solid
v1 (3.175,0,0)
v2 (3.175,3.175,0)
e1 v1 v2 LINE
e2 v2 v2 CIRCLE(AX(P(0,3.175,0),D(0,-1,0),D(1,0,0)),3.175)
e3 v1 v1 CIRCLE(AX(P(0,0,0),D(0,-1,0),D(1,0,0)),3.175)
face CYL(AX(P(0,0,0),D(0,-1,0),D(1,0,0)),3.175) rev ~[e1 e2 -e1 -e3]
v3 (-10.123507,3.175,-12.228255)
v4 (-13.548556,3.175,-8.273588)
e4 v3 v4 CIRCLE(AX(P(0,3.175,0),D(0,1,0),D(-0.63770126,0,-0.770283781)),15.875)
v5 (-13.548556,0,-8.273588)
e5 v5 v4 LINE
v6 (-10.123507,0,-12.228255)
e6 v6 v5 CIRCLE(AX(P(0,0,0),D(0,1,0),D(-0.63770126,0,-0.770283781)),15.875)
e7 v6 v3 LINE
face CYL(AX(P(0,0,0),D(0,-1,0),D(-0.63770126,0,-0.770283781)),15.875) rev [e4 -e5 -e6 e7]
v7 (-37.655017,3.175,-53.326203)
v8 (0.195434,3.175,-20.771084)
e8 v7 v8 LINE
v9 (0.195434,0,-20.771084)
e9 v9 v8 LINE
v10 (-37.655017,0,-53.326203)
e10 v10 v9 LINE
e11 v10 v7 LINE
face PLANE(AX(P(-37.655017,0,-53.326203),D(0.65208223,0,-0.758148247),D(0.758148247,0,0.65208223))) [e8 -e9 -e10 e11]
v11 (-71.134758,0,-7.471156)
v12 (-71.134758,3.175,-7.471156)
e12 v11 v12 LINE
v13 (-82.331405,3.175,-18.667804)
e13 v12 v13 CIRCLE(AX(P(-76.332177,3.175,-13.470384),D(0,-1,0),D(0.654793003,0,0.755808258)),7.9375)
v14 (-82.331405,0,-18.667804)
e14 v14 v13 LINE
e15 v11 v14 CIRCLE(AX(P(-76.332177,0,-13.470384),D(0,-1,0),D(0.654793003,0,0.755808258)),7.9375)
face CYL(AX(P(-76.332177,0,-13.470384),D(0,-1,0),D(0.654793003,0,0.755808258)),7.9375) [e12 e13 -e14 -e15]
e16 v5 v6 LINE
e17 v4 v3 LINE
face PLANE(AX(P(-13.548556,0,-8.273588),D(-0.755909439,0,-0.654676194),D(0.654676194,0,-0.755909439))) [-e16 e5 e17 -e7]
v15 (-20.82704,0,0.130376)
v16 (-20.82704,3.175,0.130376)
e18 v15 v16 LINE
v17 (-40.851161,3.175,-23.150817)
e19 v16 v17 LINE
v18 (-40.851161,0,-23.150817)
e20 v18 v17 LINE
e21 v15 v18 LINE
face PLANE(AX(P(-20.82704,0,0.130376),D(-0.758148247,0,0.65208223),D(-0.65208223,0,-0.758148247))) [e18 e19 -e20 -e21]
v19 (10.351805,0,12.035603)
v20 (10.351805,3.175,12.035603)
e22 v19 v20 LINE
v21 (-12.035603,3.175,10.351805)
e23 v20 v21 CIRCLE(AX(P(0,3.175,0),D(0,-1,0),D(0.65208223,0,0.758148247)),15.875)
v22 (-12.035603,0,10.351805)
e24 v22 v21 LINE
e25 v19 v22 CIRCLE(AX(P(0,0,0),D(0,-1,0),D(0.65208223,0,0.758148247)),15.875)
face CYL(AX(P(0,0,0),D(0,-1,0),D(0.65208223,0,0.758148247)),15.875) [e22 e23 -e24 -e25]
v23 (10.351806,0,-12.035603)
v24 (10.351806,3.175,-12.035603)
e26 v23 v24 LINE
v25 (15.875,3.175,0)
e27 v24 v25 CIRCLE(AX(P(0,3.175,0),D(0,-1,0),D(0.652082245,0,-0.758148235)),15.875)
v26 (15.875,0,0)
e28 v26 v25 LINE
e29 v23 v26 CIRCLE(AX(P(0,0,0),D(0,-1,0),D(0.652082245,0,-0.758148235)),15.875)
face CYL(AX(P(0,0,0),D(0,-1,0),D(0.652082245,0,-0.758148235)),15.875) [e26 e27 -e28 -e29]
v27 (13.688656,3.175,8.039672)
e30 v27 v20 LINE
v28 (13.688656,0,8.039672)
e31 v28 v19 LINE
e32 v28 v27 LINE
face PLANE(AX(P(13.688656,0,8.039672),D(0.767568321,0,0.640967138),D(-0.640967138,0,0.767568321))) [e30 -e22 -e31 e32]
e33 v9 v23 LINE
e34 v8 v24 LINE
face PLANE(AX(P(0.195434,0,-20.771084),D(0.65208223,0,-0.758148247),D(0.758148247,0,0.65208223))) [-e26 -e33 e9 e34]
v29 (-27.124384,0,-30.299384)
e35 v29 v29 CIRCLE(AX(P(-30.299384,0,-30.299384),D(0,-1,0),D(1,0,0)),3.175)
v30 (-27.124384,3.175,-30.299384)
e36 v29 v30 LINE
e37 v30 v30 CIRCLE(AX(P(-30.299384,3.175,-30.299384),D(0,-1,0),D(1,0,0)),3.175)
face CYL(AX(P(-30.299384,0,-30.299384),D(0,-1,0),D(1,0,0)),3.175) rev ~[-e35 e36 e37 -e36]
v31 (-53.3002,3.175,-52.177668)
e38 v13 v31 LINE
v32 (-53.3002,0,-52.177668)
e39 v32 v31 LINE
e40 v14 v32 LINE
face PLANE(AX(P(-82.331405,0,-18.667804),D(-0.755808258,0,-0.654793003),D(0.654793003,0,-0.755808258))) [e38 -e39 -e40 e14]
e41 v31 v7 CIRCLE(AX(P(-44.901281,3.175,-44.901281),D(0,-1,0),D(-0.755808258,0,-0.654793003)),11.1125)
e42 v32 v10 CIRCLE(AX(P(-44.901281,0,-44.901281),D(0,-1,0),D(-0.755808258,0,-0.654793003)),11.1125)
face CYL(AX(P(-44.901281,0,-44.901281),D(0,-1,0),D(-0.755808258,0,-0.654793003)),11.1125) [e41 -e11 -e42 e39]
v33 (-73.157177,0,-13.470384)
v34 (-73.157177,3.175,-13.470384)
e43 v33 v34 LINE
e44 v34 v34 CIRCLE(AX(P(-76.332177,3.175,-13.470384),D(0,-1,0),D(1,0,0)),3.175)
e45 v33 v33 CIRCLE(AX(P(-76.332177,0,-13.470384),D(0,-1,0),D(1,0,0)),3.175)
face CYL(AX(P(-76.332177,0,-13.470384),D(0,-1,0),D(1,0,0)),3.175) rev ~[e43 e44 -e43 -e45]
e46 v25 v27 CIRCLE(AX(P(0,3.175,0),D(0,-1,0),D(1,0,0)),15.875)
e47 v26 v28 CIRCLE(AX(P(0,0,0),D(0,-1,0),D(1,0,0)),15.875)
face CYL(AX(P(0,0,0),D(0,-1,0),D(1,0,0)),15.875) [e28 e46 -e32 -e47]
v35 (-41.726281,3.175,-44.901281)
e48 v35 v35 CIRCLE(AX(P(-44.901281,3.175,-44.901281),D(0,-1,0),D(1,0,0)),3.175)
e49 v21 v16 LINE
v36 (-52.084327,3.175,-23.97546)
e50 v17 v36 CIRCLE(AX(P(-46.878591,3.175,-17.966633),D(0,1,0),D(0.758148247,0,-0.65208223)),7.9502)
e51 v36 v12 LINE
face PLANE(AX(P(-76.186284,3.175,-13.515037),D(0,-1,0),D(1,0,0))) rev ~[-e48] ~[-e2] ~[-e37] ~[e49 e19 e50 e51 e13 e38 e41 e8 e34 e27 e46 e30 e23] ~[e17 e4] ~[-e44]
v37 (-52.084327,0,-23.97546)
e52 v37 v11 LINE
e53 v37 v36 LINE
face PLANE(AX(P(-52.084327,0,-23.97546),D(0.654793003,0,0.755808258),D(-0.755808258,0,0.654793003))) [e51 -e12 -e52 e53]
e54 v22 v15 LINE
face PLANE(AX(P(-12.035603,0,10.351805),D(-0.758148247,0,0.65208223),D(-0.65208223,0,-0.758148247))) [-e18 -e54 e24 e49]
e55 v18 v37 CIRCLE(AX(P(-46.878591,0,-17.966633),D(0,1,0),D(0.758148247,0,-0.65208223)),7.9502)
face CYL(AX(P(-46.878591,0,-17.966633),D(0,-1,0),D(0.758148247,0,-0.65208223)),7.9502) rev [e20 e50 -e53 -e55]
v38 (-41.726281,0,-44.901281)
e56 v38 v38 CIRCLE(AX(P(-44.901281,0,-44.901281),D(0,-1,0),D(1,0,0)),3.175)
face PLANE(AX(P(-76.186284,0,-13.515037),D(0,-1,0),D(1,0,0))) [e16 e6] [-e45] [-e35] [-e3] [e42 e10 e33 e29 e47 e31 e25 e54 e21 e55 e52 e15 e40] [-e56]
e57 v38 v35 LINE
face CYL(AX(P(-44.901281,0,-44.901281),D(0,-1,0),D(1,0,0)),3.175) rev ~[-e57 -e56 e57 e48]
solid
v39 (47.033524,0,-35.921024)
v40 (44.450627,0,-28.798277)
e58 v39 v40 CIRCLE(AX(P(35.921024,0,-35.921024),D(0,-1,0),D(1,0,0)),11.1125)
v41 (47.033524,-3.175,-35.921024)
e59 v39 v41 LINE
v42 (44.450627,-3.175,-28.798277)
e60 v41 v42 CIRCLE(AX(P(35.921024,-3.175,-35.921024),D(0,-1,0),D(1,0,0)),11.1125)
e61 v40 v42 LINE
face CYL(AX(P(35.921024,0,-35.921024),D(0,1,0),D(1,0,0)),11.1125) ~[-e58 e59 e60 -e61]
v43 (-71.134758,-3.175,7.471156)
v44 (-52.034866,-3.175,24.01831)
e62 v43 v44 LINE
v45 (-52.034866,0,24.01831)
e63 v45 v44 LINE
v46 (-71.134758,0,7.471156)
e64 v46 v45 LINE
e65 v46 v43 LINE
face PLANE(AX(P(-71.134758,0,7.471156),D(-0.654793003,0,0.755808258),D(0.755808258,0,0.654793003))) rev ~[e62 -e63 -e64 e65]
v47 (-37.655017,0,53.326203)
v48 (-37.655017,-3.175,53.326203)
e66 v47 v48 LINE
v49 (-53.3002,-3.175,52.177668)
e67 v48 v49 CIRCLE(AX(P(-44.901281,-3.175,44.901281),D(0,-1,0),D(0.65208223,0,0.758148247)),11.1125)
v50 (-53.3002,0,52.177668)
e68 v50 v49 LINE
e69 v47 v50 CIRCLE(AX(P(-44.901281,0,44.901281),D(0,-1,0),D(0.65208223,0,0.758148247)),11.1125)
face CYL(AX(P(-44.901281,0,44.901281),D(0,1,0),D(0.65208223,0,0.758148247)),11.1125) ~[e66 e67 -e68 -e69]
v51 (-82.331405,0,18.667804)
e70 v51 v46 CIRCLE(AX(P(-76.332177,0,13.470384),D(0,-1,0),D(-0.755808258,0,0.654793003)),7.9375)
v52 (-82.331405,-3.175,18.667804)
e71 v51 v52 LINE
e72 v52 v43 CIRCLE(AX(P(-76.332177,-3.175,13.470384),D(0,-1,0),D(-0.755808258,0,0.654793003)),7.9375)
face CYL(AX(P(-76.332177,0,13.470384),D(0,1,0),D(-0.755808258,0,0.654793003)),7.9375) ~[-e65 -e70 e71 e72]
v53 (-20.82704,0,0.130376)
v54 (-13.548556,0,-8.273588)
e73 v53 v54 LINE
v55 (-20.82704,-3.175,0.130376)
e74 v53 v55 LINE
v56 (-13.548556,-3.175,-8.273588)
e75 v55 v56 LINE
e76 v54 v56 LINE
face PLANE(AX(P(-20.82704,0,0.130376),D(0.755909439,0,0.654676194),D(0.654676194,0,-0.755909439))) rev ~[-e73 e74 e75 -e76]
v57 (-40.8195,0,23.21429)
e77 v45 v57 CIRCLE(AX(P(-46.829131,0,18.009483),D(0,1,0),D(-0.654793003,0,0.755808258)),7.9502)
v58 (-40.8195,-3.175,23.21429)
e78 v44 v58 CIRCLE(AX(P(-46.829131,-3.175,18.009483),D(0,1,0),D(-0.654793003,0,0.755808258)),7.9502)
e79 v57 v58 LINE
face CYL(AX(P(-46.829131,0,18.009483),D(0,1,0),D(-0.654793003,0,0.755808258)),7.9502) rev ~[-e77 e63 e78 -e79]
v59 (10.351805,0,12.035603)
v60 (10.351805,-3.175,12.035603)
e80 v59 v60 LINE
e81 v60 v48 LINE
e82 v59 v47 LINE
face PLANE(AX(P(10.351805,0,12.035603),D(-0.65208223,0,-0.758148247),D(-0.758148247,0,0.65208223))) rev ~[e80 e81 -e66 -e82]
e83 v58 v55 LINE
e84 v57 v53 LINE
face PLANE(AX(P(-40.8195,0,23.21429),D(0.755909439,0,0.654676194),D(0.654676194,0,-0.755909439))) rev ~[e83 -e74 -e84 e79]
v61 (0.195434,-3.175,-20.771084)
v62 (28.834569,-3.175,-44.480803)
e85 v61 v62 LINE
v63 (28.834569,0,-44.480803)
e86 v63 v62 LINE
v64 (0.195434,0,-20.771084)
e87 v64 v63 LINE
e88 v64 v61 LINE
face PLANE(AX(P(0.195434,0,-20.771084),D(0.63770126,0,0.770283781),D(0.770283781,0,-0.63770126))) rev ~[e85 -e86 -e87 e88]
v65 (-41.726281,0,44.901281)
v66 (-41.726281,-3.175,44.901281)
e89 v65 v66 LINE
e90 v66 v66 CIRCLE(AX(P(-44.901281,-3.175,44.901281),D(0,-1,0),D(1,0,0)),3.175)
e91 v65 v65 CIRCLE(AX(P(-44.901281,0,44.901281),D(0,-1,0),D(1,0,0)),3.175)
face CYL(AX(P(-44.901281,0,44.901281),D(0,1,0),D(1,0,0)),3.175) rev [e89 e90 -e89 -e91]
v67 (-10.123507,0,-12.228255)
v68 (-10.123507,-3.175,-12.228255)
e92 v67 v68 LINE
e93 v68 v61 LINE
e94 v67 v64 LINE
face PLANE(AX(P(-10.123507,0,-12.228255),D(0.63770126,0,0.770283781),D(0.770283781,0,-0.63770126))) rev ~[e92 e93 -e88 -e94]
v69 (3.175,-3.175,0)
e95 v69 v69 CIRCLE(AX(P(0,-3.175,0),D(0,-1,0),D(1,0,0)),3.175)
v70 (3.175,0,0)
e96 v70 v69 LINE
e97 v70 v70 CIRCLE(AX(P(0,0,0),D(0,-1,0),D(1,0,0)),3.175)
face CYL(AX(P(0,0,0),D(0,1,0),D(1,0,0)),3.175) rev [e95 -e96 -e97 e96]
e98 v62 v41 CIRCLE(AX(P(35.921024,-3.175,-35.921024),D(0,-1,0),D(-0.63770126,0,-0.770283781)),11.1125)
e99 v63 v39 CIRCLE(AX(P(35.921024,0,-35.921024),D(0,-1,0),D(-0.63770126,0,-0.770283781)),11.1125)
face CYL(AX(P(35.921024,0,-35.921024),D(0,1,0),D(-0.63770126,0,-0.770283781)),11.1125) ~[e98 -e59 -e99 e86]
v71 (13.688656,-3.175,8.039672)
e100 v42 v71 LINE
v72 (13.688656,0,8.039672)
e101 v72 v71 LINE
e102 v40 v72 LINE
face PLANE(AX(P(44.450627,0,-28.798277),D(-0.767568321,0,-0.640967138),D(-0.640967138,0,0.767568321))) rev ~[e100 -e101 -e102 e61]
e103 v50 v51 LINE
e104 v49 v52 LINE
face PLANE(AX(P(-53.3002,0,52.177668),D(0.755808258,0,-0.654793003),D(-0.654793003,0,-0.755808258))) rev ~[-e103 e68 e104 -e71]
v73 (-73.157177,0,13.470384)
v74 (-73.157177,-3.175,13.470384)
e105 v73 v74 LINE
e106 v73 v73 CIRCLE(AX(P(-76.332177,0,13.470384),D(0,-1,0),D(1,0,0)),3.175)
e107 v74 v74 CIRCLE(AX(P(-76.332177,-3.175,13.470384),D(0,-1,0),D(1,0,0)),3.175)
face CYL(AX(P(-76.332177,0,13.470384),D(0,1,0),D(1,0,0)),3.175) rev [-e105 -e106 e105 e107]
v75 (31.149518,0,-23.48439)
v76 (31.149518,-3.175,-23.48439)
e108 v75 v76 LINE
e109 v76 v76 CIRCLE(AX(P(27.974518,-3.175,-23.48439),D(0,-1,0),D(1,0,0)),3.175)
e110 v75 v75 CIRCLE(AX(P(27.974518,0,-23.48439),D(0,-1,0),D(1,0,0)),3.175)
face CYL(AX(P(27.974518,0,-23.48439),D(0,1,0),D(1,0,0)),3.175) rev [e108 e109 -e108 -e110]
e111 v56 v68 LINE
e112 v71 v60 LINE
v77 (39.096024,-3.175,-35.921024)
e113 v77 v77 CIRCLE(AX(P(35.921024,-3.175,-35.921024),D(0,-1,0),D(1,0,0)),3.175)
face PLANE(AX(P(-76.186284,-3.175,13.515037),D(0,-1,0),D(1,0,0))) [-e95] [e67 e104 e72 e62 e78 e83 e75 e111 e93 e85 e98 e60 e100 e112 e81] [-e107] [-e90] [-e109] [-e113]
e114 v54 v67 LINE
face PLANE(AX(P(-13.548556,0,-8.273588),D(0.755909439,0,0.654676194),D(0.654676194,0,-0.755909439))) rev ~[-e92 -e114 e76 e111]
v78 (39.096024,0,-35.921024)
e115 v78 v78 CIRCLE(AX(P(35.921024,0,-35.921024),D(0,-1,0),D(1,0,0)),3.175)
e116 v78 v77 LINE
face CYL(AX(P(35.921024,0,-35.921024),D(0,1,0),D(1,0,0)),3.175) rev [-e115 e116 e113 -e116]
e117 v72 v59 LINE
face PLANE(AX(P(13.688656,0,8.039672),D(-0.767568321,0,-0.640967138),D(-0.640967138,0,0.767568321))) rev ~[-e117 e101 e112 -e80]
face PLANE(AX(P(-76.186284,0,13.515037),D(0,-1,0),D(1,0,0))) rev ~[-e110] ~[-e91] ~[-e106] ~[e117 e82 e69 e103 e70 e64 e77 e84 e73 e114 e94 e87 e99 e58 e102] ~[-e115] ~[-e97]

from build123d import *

# Parameters (mm, degrees)
F0_R     = 3.175
F0_R_2   = 3.9751
F1_DEPTH = 3.175
F2_DEPTH = 3.175


with BuildPart() as f1:
    # F0 (on Front) → F1 (new body)
    with BuildSketch(Plane.XZ):
        with BuildLine():
            ThreePointArc((-71.1347575644, 7.4711561347), (-69.1121208226, 10.1727039932), (-68.3946770291, 13.4703841816))
            ThreePointArc((-68.3946770291, 13.4703841816), (-73.5586383483, 20.9075469092), (-82.331405076, 18.6678036462))
            ThreePointArc((-82.331405076, 18.6678036462), (-81.9448371048, 7.8577241059), (-71.1347575644, 7.4711561347))
        make_face()
        with Locations((-76.3321770291, 13.4703841816)):
            Circle(F0_R, mode=Mode.SUBTRACT)
        with BuildLine():
            ThreePointArc((-82.331405076, 18.6678036462), (-73.5586383483, 20.9075469092), (-68.3946770291, 13.4703841816))
            ThreePointArc((-68.3946770291, 13.4703841816), (-69.1121208226, 10.1727039932), (-71.1347575644, 7.4711561347))
            Line((-71.1347575644, 7.4711561347), (-52.0348661511, 24.0183096399))
            ThreePointArc((-52.0348661511, 24.0183096399), (-46.2606466528, 25.9393318681), (-40.8194995905, 23.2142895086))
            Line((-40.8194995905, 23.2142895086), (-20.8270403475, 0.1303759834))
            Line((-20.8270403475, 0.1303759834), (-12.0356034841, 10.3518053389))
            ThreePointArc((-12.0356034841, 10.3518053389), (-1.1906250433, 15.8302885952), (10.3518054047, 12.0356034274))
            Line((10.3518054047, 12.0356034274), (-37.655016822, 53.3262030046))
            ThreePointArc((-37.655016822, 53.3262030046), (-34.8014845049, 49.5361241819), (-33.7887806053, 44.9012806053))
            ThreePointArc((-33.7887806053, 44.9012806053), (-48.7842347585, 34.4892527868), (-53.300199871, 52.1776678558))
            Line((-53.300199871, 52.1776678558), (-82.331405076, 18.6678036462))
        make_face()
        with BuildLine():
            ThreePointArc((-37.655016822, 53.3262030046), (-45.7148756595, 55.9839571475), (-53.300199871, 52.1776678558))
            ThreePointArc((-53.300199871, 52.1776678558), (-48.7842347585, 34.4892527868), (-33.7887806053, 44.9012806053))
            ThreePointArc((-33.7887806053, 44.9012806053), (-34.8014845049, 49.5361241819), (-37.655016822, 53.3262030046))
        make_face()
        with Locations((-44.9012806053, 44.9012806053)):
            Circle(F0_R, mode=Mode.SUBTRACT)
        with BuildLine():
            Line((13.6886557503, 8.0396721793), (10.3518054047, 12.0356034274))
            ThreePointArc((10.3518054047, 12.0356034274), (-1.1906250433, 15.8302885952), (-12.0356034841, 10.3518053389))
            ThreePointArc((-12.0356034841, 10.3518053389), (-15.8228828455, 1.2853028661), (-13.5485560441, -8.2735877417))
            Line((-13.5485560441, -8.2735877417), (-10.1235074968, -12.2282550252))
            ThreePointArc((-10.1235074968, -12.2282550252), (0.1493609379, -15.8742973486), (10.3518056411, -12.0356032241))
            ThreePointArc((10.3518056411, -12.0356032241), (14.4282802085, -6.6212049677), (15.875, 0))
            ThreePointArc((15.875, 0), (15.3186656572, 4.1658261464), (13.6886557503, 8.0396721793))
        make_face()
        Circle(F0_R_2, mode=Mode.SUBTRACT)
        with BuildLine():
            Line((44.4506274521, -28.7982771588), (13.6886557503, 8.0396721793))
            ThreePointArc((13.6886557503, 8.0396721793), (15.3186656572, 4.1658261464), (15.875, 0))
            ThreePointArc((15.875, 0), (14.4282802085, -6.6212049677), (10.3518056411, -12.0356032241))
            Line((10.3518056411, -12.0356032241), (0.1954344954, -20.7710836138))
            Line((0.1954344954, -20.7710836138), (28.8345692365, -44.4808030019))
            ThreePointArc((28.8345692365, -44.4808030019), (28.0466309813, -28.0800052132), (44.4506274521, -28.7982771588))
        make_face()
        with Locations((27.9745180668, -23.4843900063)):
            Circle(F0_R, mode=Mode.SUBTRACT)
        with BuildLine():
            ThreePointArc((47.0335244843, -35.9210244843), (46.3678629828, -32.132723858), (44.4506274521, -28.7982771588))
            ThreePointArc((44.4506274521, -28.7982771588), (28.0466309813, -28.0800052132), (28.8345692365, -44.4808030019))
            ThreePointArc((28.8345692365, -44.4808030019), (40.650687385, -45.9767663811), (47.0335244843, -35.9210244843))
        make_face()
        with Locations((35.9210244843, -35.9210244843)):
            Circle(F0_R, mode=Mode.SUBTRACT)
        Circle(F0_R_2)
        Circle(F0_R, mode=Mode.SUBTRACT)
        with BuildLine():
            Line((-12.0356034841, 10.3518053389), (-20.8270403475, 0.1303759834))
            Line((-20.8270403475, 0.1303759834), (-13.5485560441, -8.2735877417))
            ThreePointArc((-13.5485560441, -8.2735877417), (-15.8228828455, 1.2853028661), (-12.0356034841, 10.3518053389))
        make_face()
        with BuildLine():
            ThreePointArc((10.3518056411, -12.0356032241), (0.1493609379, -15.8742973486), (-10.1235074968, -12.2282550252))
            Line((-10.1235074968, -12.2282550252), (0.1954344954, -20.7710836138))
            Line((0.1954344954, -20.7710836138), (10.3518056411, -12.0356032241))
        make_face()
    extrude(amount=F1_DEPTH)


with BuildPart() as f2:
    # F0 (on Front) → F2 (new body)
    with BuildSketch(Plane.XZ):
        with BuildLine():
            ThreePointArc((-68.3946770291, -13.4703841816), (-69.1121208226, -10.1727039932), (-71.1347575644, -7.4711561347))
            ThreePointArc((-71.1347575644, -7.4711561347), (-81.9448371048, -7.8577241059), (-82.331405076, -18.6678036462))
            ThreePointArc((-82.331405076, -18.6678036462), (-73.5586383483, -20.9075469092), (-68.3946770291, -13.4703841816))
        make_face()
        with Locations((-76.3321770291, -13.4703841816)):
            Circle(F0_R, mode=Mode.SUBTRACT)
        with BuildLine():
            Line((-13.5485560441, -8.2735877417), (-20.8270403475, 0.1303759834))
            Line((-20.8270403475, 0.1303759834), (-40.8511612346, -23.1508168672))
            ThreePointArc((-40.8511612346, -23.1508168672), (-46.2965222838, -25.8954961667), (-52.0843267669, -23.9754595323))
            Line((-52.0843267669, -23.9754595323), (-71.1347575644, -7.4711561347))
            ThreePointArc((-71.1347575644, -7.4711561347), (-69.1121208226, -10.1727039932), (-68.3946770291, -13.4703841816))
            ThreePointArc((-68.3946770291, -13.4703841816), (-73.5586383483, -20.9075469092), (-82.331405076, -18.6678036462))
            Line((-82.331405076, -18.6678036462), (-53.300199871, -52.1776678558))
            ThreePointArc((-53.300199871, -52.1776678558), (-48.7842347585, -34.4892527868), (-33.7887806053, -44.9012806053))
            ThreePointArc((-33.7887806053, -44.9012806053), (-34.8014845049, -49.5361241819), (-37.655016822, -53.3262030046))
            Line((-37.655016822, -53.3262030046), (0.1954344954, -20.7710836138))
            Line((0.1954344954, -20.7710836138), (-10.1235074968, -12.2282550252))
            ThreePointArc((-10.1235074968, -12.2282550252), (-12.0000623499, -10.3929845857), (-13.5485560441, -8.2735877417))
        make_face()
        with Locations((-30.2993841525, -30.2993841525)):
            Circle(F0_R, mode=Mode.SUBTRACT)
        with BuildLine():
            ThreePointArc((-53.300199871, -52.1776678558), (-45.7148756595, -55.9839571475), (-37.655016822, -53.3262030046))
            ThreePointArc((-37.655016822, -53.3262030046), (-34.8014845049, -49.5361241819), (-33.7887806053, -44.9012806053))
            ThreePointArc((-33.7887806053, -44.9012806053), (-48.7842347585, -34.4892527868), (-53.300199871, -52.1776678558))
        make_face()
        with Locations((-44.9012806053, -44.9012806053)):
            Circle(F0_R, mode=Mode.SUBTRACT)
        with BuildLine():
            Line((-12.0356034841, 10.3518053389), (-20.8270403475, 0.1303759834))
            Line((-20.8270403475, 0.1303759834), (-13.5485560441, -8.2735877417))
            ThreePointArc((-13.5485560441, -8.2735877417), (-15.8228828455, 1.2853028661), (-12.0356034841, 10.3518053389))
        make_face()
        with BuildLine():
            ThreePointArc((10.3518056411, -12.0356032241), (0.1493609379, -15.8742973486), (-10.1235074968, -12.2282550252))
            Line((-10.1235074968, -12.2282550252), (0.1954344954, -20.7710836138))
            Line((0.1954344954, -20.7710836138), (10.3518056411, -12.0356032241))
        make_face()
        with BuildLine():
            Line((13.6886557503, 8.0396721793), (10.3518054047, 12.0356034274))
            ThreePointArc((10.3518054047, 12.0356034274), (-1.1906250433, 15.8302885952), (-12.0356034841, 10.3518053389))
            ThreePointArc((-12.0356034841, 10.3518053389), (-15.8228828455, 1.2853028661), (-13.5485560441, -8.2735877417))
            Line((-13.5485560441, -8.2735877417), (-10.1235074968, -12.2282550252))
            ThreePointArc((-10.1235074968, -12.2282550252), (0.1493609379, -15.8742973486), (10.3518056411, -12.0356032241))
            ThreePointArc((10.3518056411, -12.0356032241), (14.4282802085, -6.6212049677), (15.875, 0))
            ThreePointArc((15.875, 0), (15.3186656572, 4.1658261464), (13.6886557503, 8.0396721793))
        make_face()
        Circle(F0_R_2, mode=Mode.SUBTRACT)
        Circle(F0_R_2)
        Circle(F0_R, mode=Mode.SUBTRACT)
    extrude(amount=-F2_DEPTH)


solid = Compound([f1.part, f2.part])
